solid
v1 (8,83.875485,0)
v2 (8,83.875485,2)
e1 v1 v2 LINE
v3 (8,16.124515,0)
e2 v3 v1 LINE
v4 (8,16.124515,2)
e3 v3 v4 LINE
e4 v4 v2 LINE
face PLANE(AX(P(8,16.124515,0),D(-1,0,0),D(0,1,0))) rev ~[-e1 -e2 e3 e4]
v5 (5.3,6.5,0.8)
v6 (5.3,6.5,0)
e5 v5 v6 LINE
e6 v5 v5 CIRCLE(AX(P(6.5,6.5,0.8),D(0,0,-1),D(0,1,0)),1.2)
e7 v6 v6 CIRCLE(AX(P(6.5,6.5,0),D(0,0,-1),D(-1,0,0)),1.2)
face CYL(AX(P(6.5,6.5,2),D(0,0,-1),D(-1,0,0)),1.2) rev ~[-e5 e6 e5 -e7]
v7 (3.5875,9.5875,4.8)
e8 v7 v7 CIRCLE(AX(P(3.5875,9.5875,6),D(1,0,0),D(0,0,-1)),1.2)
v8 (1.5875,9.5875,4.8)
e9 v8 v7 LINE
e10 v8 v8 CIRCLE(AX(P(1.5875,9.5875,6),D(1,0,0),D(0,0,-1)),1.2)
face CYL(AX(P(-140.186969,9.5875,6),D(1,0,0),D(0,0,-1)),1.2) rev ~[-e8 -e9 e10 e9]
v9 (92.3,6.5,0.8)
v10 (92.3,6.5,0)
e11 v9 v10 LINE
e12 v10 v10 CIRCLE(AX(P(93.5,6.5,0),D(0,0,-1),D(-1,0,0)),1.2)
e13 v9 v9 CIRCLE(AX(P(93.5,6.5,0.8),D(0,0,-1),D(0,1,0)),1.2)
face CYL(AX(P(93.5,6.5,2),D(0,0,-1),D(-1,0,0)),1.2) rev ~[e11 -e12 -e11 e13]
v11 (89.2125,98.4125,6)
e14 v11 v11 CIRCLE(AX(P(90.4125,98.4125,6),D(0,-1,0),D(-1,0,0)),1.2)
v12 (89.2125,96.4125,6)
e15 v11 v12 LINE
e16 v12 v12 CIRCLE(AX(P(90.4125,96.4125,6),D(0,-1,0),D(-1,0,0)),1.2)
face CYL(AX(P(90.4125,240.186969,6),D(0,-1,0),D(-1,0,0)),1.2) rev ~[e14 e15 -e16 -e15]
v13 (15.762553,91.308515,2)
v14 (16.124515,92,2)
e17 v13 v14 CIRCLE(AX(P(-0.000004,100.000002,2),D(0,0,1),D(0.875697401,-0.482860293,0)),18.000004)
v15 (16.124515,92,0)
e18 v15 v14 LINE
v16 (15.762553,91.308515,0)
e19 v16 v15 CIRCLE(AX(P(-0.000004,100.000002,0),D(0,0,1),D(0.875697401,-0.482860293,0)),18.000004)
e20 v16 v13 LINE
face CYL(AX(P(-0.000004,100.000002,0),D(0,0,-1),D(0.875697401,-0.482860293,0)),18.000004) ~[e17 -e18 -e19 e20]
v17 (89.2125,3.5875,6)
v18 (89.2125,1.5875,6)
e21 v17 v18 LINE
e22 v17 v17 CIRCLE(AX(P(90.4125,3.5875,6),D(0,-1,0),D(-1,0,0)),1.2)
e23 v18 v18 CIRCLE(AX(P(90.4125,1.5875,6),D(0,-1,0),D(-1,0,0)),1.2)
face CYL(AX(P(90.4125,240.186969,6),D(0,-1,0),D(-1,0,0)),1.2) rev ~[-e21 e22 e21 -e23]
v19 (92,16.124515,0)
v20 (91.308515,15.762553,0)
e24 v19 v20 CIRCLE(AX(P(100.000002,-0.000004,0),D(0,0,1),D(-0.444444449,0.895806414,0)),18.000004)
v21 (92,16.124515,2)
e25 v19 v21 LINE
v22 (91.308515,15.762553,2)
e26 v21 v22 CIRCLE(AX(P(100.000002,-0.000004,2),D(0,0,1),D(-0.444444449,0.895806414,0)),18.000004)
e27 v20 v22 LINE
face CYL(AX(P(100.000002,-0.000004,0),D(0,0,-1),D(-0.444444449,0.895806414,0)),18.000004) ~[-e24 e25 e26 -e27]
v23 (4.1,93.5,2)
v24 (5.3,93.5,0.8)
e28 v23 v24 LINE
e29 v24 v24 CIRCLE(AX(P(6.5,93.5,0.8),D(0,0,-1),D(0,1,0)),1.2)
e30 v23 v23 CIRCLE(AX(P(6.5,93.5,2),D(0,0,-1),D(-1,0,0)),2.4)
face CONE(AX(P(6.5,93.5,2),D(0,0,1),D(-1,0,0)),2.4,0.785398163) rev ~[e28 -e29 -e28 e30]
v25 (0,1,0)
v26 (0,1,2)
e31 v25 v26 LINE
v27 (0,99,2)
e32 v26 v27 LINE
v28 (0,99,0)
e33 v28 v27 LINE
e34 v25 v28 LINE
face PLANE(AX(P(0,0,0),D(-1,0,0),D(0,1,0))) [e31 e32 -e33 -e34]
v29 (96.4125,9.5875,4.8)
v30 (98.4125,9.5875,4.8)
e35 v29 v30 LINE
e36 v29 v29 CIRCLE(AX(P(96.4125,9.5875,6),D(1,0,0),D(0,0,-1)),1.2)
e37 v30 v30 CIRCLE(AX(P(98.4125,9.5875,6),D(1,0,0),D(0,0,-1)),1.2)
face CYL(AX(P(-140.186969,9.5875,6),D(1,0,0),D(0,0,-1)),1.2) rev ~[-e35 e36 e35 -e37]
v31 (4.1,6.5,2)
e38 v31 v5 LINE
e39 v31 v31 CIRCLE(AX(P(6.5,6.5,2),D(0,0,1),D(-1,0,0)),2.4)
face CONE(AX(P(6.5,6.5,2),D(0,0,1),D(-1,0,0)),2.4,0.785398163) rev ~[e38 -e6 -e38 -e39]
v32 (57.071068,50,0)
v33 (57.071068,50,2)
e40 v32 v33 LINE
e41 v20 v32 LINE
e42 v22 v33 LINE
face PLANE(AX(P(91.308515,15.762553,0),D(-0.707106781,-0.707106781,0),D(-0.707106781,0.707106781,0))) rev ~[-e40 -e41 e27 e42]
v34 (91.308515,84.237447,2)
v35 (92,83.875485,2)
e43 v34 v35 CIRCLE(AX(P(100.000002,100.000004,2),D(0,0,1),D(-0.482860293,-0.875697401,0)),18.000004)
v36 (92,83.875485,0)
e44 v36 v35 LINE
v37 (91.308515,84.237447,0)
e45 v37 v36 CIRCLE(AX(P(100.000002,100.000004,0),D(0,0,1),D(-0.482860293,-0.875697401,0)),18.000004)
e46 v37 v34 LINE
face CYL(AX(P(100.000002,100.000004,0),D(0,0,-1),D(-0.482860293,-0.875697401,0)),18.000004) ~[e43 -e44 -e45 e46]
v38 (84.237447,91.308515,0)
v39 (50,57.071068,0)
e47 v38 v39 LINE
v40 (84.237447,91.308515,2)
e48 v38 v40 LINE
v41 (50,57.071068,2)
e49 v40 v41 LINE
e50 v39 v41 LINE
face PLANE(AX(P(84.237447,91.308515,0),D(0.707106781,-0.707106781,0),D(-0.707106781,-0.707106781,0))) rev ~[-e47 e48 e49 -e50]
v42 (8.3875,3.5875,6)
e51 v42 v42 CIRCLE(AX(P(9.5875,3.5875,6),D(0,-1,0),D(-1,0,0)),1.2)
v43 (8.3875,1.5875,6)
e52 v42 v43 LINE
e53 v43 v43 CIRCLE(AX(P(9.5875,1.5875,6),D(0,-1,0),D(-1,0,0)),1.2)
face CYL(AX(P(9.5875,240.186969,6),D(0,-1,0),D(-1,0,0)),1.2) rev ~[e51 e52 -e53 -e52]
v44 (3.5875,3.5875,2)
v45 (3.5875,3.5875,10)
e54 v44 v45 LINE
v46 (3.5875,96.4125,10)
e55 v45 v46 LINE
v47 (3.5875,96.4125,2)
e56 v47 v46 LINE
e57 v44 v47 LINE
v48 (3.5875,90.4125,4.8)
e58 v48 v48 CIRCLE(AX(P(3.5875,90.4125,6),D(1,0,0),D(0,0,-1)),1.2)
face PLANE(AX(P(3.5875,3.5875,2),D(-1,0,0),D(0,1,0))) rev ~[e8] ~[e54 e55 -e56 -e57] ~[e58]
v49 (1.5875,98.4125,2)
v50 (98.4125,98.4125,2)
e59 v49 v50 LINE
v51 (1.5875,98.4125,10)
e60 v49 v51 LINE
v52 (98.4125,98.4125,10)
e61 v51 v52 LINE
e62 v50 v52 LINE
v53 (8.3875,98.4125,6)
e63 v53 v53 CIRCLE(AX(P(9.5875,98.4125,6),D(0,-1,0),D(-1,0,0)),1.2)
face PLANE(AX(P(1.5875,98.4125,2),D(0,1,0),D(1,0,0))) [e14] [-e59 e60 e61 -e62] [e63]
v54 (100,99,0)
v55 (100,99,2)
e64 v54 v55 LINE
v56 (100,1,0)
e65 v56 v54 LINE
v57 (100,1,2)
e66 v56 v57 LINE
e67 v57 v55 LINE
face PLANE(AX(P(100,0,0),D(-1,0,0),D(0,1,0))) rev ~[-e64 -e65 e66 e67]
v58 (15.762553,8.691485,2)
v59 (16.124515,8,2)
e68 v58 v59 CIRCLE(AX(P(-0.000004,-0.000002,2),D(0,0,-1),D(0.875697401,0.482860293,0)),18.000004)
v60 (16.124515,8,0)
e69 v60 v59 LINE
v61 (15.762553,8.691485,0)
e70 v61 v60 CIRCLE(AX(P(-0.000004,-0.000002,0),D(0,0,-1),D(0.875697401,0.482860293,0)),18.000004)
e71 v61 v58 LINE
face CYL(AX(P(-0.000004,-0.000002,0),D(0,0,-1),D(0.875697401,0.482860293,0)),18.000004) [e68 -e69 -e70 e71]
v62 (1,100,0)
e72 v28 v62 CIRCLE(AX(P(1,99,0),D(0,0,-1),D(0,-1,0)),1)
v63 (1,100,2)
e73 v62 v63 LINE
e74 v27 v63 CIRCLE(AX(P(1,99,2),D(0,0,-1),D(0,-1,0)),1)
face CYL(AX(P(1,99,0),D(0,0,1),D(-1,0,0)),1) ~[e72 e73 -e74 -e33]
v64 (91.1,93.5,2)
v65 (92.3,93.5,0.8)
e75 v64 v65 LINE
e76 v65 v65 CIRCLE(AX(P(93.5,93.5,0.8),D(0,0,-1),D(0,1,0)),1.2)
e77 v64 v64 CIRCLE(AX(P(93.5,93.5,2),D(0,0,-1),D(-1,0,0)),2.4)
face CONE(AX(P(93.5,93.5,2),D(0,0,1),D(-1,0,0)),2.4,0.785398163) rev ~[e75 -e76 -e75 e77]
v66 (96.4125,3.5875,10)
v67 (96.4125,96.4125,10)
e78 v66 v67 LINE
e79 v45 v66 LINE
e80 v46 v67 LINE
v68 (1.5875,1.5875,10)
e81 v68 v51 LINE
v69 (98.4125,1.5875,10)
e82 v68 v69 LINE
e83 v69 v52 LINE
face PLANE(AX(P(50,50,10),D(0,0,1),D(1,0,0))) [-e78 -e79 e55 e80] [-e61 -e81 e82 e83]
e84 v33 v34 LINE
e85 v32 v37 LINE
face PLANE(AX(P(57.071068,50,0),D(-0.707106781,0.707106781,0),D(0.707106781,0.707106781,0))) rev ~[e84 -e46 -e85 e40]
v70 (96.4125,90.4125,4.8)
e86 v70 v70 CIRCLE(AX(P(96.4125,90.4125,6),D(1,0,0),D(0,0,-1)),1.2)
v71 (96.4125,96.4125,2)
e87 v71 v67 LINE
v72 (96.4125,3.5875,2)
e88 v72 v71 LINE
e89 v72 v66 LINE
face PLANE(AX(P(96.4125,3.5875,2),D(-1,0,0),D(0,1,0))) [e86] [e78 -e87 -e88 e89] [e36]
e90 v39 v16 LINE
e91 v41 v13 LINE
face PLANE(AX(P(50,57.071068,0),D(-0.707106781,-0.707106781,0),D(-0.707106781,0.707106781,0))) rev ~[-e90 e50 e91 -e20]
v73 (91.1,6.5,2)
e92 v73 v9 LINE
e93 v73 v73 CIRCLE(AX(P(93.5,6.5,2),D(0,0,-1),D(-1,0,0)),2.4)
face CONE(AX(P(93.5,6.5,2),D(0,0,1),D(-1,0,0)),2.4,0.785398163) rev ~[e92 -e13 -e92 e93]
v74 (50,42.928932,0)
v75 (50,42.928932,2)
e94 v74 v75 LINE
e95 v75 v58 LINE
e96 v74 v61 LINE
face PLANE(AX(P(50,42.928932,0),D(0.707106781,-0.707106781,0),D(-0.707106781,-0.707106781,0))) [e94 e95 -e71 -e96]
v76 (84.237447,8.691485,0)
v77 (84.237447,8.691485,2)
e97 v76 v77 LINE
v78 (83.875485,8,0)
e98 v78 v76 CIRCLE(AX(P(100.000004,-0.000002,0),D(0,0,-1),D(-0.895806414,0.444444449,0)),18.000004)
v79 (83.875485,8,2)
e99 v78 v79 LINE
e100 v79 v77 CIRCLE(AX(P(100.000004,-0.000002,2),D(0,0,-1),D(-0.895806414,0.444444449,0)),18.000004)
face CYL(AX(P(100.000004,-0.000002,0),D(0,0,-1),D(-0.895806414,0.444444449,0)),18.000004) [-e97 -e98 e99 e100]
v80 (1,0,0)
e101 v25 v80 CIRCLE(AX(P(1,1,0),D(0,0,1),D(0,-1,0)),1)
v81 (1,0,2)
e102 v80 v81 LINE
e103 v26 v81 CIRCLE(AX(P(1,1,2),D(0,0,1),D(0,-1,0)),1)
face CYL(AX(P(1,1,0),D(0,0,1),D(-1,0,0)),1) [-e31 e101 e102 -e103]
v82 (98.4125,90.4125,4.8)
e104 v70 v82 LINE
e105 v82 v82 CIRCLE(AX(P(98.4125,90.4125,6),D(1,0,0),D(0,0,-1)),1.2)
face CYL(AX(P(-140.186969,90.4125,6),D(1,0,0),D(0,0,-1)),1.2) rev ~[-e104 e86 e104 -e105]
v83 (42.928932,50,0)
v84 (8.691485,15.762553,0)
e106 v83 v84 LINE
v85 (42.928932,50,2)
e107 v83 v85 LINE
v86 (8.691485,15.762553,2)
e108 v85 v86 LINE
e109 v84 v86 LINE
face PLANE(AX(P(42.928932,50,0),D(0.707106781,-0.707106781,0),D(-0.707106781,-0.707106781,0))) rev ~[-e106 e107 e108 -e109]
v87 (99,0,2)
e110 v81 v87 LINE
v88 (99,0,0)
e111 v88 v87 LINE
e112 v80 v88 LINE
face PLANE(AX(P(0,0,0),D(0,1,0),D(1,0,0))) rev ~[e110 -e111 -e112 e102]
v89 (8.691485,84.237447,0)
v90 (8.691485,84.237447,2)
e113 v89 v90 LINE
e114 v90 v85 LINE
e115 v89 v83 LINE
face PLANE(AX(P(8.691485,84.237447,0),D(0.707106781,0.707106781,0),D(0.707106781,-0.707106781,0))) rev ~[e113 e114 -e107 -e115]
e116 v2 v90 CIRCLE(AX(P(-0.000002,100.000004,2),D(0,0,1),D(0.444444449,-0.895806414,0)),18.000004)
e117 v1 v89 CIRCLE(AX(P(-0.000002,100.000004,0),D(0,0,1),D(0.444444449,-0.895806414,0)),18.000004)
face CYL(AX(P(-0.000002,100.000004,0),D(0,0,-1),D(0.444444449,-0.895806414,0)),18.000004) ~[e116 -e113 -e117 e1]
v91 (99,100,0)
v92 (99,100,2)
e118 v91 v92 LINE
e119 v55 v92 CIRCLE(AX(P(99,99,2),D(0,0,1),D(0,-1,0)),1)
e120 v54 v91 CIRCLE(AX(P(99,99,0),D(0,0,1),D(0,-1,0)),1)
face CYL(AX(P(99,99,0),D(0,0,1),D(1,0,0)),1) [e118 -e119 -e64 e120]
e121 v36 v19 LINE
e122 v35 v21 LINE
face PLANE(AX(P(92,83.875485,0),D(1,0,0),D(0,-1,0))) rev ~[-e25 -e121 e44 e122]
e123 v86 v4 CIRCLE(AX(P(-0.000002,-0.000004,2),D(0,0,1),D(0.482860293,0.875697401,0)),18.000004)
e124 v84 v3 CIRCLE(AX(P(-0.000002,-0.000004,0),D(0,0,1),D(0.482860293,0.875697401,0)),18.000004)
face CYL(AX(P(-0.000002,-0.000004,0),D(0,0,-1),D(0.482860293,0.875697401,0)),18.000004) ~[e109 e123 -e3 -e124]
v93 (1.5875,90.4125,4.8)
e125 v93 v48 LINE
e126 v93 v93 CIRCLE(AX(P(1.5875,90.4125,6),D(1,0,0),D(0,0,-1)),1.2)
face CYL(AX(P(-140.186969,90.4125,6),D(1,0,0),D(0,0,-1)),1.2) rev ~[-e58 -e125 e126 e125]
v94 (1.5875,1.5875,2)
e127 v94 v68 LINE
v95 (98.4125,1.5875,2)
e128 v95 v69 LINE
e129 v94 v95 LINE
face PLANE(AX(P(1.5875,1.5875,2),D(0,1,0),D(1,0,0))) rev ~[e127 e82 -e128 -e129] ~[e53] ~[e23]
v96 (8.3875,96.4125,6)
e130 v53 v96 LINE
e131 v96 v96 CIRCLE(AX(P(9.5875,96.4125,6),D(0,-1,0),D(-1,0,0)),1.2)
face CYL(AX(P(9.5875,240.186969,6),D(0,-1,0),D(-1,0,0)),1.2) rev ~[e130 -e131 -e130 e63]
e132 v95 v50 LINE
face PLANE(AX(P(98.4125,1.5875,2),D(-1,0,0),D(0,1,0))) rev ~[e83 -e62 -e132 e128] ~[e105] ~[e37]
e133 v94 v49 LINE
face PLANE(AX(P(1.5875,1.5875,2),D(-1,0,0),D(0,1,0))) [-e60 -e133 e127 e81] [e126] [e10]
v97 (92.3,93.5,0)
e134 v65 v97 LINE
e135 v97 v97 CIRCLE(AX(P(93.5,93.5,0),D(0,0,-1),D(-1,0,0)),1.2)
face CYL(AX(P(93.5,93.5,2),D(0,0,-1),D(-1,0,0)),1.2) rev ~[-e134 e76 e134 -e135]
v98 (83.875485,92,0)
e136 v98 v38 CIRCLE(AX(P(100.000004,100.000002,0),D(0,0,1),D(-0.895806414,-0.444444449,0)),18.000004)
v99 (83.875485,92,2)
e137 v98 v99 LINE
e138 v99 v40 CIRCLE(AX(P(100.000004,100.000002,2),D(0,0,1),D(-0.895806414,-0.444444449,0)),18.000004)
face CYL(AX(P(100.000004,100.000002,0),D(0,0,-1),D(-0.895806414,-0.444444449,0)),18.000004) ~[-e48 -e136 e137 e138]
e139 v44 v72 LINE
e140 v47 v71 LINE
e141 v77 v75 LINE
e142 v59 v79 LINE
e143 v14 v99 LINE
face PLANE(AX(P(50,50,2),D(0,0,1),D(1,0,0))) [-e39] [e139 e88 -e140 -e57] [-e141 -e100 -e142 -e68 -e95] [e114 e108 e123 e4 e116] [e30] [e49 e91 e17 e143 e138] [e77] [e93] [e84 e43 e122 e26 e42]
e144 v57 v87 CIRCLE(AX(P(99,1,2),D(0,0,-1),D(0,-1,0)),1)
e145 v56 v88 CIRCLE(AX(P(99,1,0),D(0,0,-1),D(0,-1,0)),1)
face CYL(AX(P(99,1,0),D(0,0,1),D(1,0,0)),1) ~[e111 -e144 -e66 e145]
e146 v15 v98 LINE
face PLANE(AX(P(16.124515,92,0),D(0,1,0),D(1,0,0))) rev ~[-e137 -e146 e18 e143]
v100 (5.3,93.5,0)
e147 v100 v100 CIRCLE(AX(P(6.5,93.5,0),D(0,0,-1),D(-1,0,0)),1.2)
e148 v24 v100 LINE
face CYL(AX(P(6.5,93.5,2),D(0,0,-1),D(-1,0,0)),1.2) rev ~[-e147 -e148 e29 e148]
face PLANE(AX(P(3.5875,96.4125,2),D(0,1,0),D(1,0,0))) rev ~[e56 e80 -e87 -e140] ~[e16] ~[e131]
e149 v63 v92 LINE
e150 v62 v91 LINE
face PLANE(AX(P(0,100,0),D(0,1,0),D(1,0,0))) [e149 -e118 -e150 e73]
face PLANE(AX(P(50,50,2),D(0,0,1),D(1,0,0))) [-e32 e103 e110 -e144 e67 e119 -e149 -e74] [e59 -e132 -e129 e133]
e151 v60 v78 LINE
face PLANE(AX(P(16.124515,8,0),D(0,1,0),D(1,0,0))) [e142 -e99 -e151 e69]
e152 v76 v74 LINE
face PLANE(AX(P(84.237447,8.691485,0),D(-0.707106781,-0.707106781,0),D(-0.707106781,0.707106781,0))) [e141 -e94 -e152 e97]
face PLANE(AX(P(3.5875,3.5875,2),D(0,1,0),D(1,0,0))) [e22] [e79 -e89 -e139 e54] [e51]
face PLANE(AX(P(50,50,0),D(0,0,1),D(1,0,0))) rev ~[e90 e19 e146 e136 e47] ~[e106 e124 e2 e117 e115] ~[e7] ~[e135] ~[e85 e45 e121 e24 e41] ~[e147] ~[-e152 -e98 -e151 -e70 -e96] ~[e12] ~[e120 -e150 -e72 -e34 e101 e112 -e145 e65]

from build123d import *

# Parameters (mm, degrees)
SKETCH1_W                                       = 100
SKETCH1_H                                       = 100
BOSS_EXTRUDE1_DEPTH                             = 2
SKETCH2_W                                       = 96.825
SKETCH2_H                                       = 96.825
SKETCH2_W_2                                     = 92.825
SKETCH2_H_2                                     = 92.825
BOSS_EXTRUDE2_DEPTH                             = 8
CSK_FOR_M2_FLAT_HEAD_MACHINE_SCREW1_D           = 2.4
CSK_FOR_M2_FLAT_HEAD_MACHINE_SCREW1_DEPTH       = 311.5
CSK_FOR_M2_FLAT_HEAD_MACHINE_SCREW1_CSINK_D     = 4.8
CSK_FOR_M2_FLAT_HEAD_MACHINE_SCREW1_CSINK_ANGLE = 90
CSK_FOR_M2_FLAT_HEAD_MACHINE_SCREW1_TIP         = 0.721032743
FILLET1_R                                       = 1
M2_CLEARANCE_HOLE1_D                            = 2.4
M2_CLEARANCE_HOLE2_D                            = 2.4


with BuildPart() as part:
    # Sketch1 → Boss-Extrude1 (new body)
    with BuildSketch(Plane.XY):
        with Locations((50, 50)):
            Rectangle(SKETCH1_W, SKETCH1_H)
        with BuildLine():
            Line((8, 16.124515497), (8, 83.875484503))
            ThreePointArc((8, 83.875484503), (8.347704775, 84.052717317), (8.691485355, 84.237446833))
            Line((8.691485355, 84.237446833), (42.928932188, 50))
            Line((42.928932188, 50), (8.691485355, 15.762553167))
            ThreePointArc((8.691485355, 15.762553167), (8.347704775, 15.947282683), (8, 16.124515497))
        make_face(mode=Mode.SUBTRACT)
        with BuildLine():
            Line((16.124515497, 92), (83.875484503, 92))
            ThreePointArc((83.875484503, 92), (84.052717317, 91.652295225), (84.237446833, 91.308514645))
            Line((84.237446833, 91.308514645), (50, 57.071067812))
            Line((50, 57.071067812), (15.762553167, 91.308514645))
            ThreePointArc((15.762553167, 91.308514645), (15.947282683, 91.652295225), (16.124515497, 92))
        make_face(mode=Mode.SUBTRACT)
        with BuildLine():
            Line((92, 83.875484503), (92, 16.124515497))
            ThreePointArc((92, 16.124515497), (91.652295225, 15.947282683), (91.308514645, 15.762553167))
            Line((91.308514645, 15.762553167), (57.071067812, 50))
            Line((57.071067812, 50), (91.308514645, 84.237446833))
            ThreePointArc((91.308514645, 84.237446833), (91.652295225, 84.052717317), (92, 83.875484503))
        make_face(mode=Mode.SUBTRACT)
        with BuildLine():
            Line((16.124515497, 8), (83.875484503, 8))
            ThreePointArc((83.875484503, 8), (84.052717317, 8.347704775), (84.237446833, 8.691485355))
            Line((84.237446833, 8.691485355), (50, 42.928932188))
            Line((50, 42.928932188), (15.762553167, 8.691485355))
            ThreePointArc((15.762553167, 8.691485355), (15.947282683, 8.347704775), (16.124515497, 8))
        make_face(mode=Mode.SUBTRACT)
    extrude(amount=BOSS_EXTRUDE1_DEPTH)

    # Sketch2 → Boss-Extrude2 (add)
    with BuildSketch(Plane.XY.offset(2)):
        with Locations((50, 50)):
            Rectangle(SKETCH2_W, SKETCH2_H)
        with Locations((50, 50)):
            Rectangle(SKETCH2_W_2, SKETCH2_H_2, mode=Mode.SUBTRACT)
    extrude(amount=BOSS_EXTRUDE2_DEPTH)

    # CSK for M2 Flat Head Machine Screw1
    with Locations(Plane.XY.offset(2)):
        with Locations((6.5, 93.5), (93.5, 93.5), (93.5, 6.5), (6.5, 6.5)):
            CounterSinkHole(CSK_FOR_M2_FLAT_HEAD_MACHINE_SCREW1_D / 2, CSK_FOR_M2_FLAT_HEAD_MACHINE_SCREW1_CSINK_D / 2, depth=CSK_FOR_M2_FLAT_HEAD_MACHINE_SCREW1_DEPTH, counter_sink_angle=CSK_FOR_M2_FLAT_HEAD_MACHINE_SCREW1_CSINK_ANGLE)
            with Locations((0, 0, -(CSK_FOR_M2_FLAT_HEAD_MACHINE_SCREW1_DEPTH + CSK_FOR_M2_FLAT_HEAD_MACHINE_SCREW1_TIP / 2))):  # 118° drill point
                Cone(0, CSK_FOR_M2_FLAT_HEAD_MACHINE_SCREW1_D / 2, CSK_FOR_M2_FLAT_HEAD_MACHINE_SCREW1_TIP, mode=Mode.SUBTRACT)

    # Fillet1
    fillet1_edges = [part.edges().sort_by_distance(p)[0] for p in [
        (0, 100, 1),
        (100, 100, 1),
        (100, 0, 1),
        (0, 0, 1),
    ]]
    fillet(fillet1_edges, radius=FILLET1_R)

    # M2 Clearance Hole1 (through all)
    with Locations(Plane.ZY.offset(-1.5875)):
        with Locations((6, 90.4125), (6, 9.5875)):
            Hole(M2_CLEARANCE_HOLE1_D / 2)

    # M2 Clearance Hole2 (through all)
    with Locations(Plane(origin=(0, 98.4125, 0), x_dir=(1, 0, 0), z_dir=(0, 1, 0))):
        with Locations((9.5875, -6), (90.4125, -6)):
            Hole(M2_CLEARANCE_HOLE2_D / 2)


solid = part.part
